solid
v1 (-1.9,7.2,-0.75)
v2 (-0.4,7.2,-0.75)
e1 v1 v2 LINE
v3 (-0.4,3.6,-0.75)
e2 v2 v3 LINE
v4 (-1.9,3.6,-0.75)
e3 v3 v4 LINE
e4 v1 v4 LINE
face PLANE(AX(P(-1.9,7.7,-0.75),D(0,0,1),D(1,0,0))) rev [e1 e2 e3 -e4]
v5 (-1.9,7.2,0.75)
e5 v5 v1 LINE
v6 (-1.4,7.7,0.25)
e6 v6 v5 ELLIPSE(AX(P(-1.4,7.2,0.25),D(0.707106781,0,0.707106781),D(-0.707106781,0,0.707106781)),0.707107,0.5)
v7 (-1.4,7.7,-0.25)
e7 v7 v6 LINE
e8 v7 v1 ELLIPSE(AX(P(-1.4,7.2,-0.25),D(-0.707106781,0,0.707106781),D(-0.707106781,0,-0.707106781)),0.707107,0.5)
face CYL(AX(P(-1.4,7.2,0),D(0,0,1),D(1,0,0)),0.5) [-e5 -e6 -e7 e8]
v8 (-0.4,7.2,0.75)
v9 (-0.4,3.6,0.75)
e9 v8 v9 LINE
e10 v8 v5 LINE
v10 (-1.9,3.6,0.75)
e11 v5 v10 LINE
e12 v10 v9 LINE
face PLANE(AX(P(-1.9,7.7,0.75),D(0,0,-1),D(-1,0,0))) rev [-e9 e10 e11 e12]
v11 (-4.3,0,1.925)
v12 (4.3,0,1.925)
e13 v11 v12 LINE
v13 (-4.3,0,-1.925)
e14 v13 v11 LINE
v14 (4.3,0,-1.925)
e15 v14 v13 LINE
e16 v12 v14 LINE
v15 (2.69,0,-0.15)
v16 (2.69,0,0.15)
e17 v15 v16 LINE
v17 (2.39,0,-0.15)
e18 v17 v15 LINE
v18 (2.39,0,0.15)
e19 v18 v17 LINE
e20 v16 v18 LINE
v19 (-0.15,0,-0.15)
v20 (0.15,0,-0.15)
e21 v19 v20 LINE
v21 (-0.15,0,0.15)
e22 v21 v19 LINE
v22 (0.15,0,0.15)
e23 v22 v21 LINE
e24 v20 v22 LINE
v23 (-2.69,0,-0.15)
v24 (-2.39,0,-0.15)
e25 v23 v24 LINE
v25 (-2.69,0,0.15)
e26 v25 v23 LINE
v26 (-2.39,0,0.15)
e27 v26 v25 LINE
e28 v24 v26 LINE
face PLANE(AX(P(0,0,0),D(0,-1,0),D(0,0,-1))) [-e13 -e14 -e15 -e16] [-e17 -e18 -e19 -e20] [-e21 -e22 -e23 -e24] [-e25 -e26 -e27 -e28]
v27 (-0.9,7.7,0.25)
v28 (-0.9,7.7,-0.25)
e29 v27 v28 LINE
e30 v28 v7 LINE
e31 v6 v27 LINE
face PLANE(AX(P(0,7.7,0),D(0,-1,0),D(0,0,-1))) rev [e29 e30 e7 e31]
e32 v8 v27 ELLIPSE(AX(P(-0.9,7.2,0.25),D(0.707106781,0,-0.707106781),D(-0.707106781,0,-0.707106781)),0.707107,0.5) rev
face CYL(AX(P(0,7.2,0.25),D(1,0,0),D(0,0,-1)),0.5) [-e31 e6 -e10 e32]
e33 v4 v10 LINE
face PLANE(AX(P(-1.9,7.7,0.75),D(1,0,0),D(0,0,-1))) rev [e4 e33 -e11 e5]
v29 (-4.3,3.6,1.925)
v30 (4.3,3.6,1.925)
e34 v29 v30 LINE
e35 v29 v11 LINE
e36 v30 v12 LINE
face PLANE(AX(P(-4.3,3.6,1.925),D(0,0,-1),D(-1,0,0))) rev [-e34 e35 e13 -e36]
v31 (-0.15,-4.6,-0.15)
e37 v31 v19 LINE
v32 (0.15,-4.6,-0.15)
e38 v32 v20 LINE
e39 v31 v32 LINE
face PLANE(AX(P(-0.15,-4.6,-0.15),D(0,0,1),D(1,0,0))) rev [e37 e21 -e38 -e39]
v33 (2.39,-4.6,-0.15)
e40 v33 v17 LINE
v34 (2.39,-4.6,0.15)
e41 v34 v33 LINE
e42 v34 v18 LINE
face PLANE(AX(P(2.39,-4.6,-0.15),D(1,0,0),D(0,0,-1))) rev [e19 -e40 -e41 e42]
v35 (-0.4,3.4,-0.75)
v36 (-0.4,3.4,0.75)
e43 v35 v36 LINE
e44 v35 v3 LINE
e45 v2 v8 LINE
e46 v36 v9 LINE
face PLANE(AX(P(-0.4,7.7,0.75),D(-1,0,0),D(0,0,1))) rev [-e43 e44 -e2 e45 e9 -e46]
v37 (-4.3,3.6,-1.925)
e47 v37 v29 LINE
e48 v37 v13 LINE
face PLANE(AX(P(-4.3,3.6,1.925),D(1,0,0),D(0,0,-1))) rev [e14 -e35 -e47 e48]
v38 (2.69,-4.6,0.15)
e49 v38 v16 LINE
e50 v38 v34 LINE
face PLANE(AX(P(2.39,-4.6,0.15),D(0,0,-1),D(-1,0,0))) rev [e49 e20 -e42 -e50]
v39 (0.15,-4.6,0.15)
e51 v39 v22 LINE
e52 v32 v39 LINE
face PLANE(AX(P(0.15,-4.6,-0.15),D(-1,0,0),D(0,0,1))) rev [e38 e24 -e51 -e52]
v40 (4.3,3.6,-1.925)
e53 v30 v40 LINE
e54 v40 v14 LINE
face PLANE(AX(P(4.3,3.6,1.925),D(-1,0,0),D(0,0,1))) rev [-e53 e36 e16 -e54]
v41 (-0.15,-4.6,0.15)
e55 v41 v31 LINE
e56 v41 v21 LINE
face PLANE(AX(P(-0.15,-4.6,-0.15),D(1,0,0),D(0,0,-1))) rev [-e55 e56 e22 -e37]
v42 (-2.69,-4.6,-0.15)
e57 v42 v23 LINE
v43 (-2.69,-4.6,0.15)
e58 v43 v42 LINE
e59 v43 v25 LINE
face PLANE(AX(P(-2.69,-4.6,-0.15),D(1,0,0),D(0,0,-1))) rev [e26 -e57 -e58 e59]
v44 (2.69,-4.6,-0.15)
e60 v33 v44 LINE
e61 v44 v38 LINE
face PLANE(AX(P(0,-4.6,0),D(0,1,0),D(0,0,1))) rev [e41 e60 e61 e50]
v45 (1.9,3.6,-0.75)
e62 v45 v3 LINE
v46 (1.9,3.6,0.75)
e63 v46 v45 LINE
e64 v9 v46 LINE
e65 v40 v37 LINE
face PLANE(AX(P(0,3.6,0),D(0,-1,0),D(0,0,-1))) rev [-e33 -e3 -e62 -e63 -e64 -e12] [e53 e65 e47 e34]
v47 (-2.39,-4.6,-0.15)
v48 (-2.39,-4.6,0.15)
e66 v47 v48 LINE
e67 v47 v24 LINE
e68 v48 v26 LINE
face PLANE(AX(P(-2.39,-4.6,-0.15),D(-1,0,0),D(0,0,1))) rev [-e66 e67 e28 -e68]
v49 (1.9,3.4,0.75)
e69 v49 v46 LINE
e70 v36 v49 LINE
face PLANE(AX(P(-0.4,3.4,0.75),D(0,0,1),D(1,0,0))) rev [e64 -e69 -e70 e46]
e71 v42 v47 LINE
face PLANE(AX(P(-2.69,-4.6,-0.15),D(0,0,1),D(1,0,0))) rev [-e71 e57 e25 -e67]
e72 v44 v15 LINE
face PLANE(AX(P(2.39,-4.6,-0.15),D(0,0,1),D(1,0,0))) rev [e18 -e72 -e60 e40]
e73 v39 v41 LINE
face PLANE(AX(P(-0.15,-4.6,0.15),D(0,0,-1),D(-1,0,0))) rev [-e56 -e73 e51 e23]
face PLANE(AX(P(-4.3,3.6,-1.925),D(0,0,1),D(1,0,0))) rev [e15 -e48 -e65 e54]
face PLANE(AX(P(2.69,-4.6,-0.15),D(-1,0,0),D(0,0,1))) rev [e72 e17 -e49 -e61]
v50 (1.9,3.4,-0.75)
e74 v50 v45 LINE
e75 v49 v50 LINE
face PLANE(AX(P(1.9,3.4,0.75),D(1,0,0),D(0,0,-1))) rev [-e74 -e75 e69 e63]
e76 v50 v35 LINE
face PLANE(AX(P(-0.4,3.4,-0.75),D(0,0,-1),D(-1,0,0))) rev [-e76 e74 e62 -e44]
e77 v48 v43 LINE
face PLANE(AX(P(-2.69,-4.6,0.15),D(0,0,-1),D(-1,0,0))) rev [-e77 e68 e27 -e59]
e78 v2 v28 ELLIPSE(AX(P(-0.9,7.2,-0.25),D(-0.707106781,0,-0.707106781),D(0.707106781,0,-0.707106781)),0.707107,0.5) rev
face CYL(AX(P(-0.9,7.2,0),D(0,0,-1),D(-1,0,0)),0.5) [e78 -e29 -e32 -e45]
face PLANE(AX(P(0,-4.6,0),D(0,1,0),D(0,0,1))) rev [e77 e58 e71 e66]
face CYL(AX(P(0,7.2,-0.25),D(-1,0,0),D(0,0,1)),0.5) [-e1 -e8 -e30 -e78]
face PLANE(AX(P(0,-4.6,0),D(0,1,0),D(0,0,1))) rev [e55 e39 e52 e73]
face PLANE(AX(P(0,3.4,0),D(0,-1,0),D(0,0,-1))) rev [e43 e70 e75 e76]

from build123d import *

# Parameters (mm, degrees)
SKETCH2_W           = 8.6
SKETCH2_H           = 3.85
BOSS_EXTRUDE1_DEPTH = 3.6
SKETCH3_W           = 1.5
SKETCH3_H           = 1.5
BOSS_EXTRUDE2_DEPTH = 4.1
SKETCH4_W           = 2.3
SKETCH4_H           = 1.5
CUT_EXTRUDE1_DEPTH  = 0.2
FILLET1_R           = 0.5
SKETCH5_W           = 0.3
SKETCH5_H           = 0.3
BOSS_EXTRUDE3_DEPTH = 4.6


with BuildPart() as part:
    # Sketch2 → Boss-Extrude1 (new body)
    with BuildSketch(Plane(origin=(0, 0, 0), x_dir=(1, 0, 0), z_dir=(0, 1, 0))):
        Rectangle(SKETCH2_W, SKETCH2_H)
    extrude(amount=BOSS_EXTRUDE1_DEPTH)

    # Sketch3 → Boss-Extrude2 (add)
    with BuildSketch(Plane(origin=(0, 3.6, 0), x_dir=(1, 0, 0), z_dir=(0, 1, 0))):
        with Locations((-1.15, 0)):
            Rectangle(SKETCH3_W, SKETCH3_H)
    extrude(amount=BOSS_EXTRUDE2_DEPTH)

    # Sketch4 → Cut-Extrude1 (cut)
    with BuildSketch(Plane(origin=(0, 3.6, 0), x_dir=(1, 0, 0), z_dir=(0, 1, 0))):
        with Locations((0.75, 0)):
            Rectangle(SKETCH4_W, SKETCH4_H)
    extrude(amount=-CUT_EXTRUDE1_DEPTH, mode=Mode.SUBTRACT)

    # Fillet1
    fillet1_edges = [part.edges().sort_by_distance(p)[0] for p in [
        (-0.4, 7.7, 0),
        (-1.15, 7.7, -0.75),
        (-1.9, 7.7, 0),
        (-1.15, 7.7, 0.75),
    ]]
    fillet(fillet1_edges, radius=FILLET1_R)

    # Sketch5 → Boss-Extrude3 (add)
    with BuildSketch(Plane.XZ):
        Rectangle(SKETCH5_W, SKETCH5_H)
        with Locations((-2.54, 0)):
            Rectangle(SKETCH5_W, SKETCH5_H)
        with Locations((2.54, 0)):
            Rectangle(SKETCH5_W, SKETCH5_H)
    extrude(amount=BOSS_EXTRUDE3_DEPTH)


solid = part.part
